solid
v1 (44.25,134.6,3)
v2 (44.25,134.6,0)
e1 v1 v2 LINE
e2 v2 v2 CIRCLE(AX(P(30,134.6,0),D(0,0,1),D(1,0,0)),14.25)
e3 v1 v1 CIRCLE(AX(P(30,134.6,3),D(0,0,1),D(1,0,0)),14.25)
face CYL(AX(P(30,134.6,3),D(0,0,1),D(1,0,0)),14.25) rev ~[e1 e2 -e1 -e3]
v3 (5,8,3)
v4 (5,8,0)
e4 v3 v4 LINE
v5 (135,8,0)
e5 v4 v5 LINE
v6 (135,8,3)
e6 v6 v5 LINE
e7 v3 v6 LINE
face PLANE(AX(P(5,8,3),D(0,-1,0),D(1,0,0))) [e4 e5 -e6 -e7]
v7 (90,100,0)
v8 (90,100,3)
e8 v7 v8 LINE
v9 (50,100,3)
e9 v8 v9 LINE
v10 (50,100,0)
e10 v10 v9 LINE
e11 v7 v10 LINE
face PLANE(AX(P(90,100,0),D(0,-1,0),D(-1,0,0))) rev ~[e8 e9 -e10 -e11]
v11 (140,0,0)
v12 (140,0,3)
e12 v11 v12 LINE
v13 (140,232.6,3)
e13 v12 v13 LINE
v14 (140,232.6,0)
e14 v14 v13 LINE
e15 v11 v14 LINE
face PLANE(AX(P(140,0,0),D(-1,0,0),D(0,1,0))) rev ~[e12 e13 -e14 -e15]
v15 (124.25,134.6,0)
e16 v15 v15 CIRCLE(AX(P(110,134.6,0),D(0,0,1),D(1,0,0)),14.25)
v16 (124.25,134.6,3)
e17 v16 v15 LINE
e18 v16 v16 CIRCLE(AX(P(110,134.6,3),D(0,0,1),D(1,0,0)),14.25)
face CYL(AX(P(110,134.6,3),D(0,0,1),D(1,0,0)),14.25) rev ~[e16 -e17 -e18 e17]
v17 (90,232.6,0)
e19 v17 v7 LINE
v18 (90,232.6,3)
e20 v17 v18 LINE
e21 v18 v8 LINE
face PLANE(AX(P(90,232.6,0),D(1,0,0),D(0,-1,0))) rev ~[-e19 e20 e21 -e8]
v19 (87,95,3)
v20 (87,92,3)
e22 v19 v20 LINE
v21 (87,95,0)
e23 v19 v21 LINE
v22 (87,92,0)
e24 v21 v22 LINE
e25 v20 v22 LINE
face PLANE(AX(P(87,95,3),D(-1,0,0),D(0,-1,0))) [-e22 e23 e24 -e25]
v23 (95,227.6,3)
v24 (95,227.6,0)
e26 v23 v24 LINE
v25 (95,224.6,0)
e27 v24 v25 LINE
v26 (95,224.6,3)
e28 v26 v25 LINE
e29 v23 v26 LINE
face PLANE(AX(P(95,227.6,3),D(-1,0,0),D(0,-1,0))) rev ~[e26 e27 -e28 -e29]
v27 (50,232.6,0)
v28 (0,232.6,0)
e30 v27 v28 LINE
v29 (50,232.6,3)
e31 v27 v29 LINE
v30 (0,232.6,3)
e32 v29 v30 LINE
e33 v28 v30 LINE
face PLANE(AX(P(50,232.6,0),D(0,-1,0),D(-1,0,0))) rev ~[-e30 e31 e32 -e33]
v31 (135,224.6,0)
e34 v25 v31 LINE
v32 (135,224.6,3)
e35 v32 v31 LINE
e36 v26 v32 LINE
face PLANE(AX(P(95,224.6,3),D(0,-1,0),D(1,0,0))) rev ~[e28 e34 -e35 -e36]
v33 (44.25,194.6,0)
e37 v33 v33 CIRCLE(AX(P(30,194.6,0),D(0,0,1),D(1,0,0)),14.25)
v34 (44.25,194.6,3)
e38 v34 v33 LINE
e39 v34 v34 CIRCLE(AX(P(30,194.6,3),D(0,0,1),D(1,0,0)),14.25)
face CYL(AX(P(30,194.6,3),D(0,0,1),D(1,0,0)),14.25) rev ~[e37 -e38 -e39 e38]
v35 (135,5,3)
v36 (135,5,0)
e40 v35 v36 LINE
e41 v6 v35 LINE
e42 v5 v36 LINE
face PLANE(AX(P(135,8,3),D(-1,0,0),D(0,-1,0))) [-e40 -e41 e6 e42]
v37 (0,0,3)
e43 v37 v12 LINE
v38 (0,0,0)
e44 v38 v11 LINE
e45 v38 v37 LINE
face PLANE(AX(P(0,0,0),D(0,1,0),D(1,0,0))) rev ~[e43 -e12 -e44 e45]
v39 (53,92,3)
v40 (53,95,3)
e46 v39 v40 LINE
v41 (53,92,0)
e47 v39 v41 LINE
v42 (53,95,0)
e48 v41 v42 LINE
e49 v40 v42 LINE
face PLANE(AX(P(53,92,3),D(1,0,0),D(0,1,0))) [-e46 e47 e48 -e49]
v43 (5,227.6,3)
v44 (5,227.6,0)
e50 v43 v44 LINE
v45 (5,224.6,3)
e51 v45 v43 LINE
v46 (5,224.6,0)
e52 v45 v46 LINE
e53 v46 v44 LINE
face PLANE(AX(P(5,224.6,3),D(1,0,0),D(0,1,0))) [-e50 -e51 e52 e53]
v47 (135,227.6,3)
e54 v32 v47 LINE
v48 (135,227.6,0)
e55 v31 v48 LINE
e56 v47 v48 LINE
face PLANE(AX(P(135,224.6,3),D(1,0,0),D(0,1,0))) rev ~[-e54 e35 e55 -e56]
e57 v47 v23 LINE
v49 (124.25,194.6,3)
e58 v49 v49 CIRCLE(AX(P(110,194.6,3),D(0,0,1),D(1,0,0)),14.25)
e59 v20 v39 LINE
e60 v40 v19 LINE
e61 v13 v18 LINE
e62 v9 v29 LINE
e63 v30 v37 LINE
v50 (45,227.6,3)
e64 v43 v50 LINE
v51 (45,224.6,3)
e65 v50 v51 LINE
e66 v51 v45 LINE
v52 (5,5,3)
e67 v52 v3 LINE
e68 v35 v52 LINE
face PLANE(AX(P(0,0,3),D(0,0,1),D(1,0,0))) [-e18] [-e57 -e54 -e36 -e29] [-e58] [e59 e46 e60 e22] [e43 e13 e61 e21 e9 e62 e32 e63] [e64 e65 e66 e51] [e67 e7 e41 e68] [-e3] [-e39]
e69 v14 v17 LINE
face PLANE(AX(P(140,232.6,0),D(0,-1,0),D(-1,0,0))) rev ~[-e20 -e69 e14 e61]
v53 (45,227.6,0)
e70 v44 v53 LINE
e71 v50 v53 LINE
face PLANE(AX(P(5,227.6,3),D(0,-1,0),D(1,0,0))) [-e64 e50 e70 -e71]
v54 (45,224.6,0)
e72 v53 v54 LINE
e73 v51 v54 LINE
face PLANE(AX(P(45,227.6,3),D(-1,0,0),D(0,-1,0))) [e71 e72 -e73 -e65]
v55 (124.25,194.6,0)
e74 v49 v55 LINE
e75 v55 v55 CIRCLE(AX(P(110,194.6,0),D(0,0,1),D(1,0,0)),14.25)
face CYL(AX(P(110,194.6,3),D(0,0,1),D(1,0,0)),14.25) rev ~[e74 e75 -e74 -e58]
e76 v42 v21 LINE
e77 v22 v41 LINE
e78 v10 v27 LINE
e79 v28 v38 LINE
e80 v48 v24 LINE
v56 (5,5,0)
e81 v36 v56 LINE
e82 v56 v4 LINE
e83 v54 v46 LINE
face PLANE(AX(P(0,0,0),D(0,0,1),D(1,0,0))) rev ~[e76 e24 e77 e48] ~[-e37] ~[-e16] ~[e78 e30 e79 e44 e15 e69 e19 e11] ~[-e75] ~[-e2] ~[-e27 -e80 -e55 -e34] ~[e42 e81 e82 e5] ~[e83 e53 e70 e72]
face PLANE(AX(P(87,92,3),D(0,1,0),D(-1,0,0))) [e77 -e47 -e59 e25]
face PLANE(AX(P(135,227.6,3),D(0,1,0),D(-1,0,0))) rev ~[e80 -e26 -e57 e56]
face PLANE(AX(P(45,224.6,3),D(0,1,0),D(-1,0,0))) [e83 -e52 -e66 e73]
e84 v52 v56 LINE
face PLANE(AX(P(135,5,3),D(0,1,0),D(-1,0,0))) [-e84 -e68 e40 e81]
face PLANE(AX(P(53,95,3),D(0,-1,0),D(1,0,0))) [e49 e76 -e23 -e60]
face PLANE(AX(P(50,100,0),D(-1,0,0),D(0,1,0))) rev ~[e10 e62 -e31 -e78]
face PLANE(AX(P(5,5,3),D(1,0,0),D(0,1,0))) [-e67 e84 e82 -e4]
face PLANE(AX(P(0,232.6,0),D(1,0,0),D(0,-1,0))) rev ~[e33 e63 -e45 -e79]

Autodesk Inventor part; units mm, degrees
ref_plane "YZ Plane" through (0, 0, 0) normal (1, 0, 0) x (0, 1, 0)
ref_plane "XZ Plane" through (0, 0, 0) normal (0, 1, 0) x (-1, 0, 0)
ref_plane "XY Plane" through (0, 0, 0) normal (0, 0, 1) x (1, 0, 0)
sketch "Sketch1" plane through (0, 0, 0) normal (0, 0, 1) x (1, 0, 0)
  line L0 (0, 0) -> (140, 0)
  line L1 (140, 0) -> (140, 232.6)
  line L2 (140, 232.6) -> (90, 232.6)
  line L3 (90, 232.6) -> (90, 100)
  line L4 (90, 100) -> (50, 100)
  line L5 (50, 100) -> (50, 232.6)
  line L6 (50, 232.6) -> (0, 232.6)
  line L7 (0, 232.6) -> (0, 0)
  line L8 (30, 232.6) -> (30, 0) construction
  line L9 (70, 100) -> (70, 0) construction
  circle A0 centre (30, 192.6) radius 14 construction
  circle A1 centre (30, 152.6) radius 14 construction
  dimension "d3" = 40
  dimension "d6" = 28
  dimension "d7" = 40
  dimension "d8" = 40
  dimension "d9" = 132.6
  dimension "d10" = 100
  dimension "d36" = 20
  dimension "d37" = 50
extrude "Extrusion1" add sketch "Sketch1" along normal blind 3
ref_plane "Work Plane1" through (115, 0, 0) normal (1, 0, 0) x (0, 0, -1)
sketch "Sketch2" plane through (0, 0, 3) normal (0, 0, 1) x (1, 0, 0)
  line L0 (50, 232.6) -> (0, 232.6) construction
  line L1 (30, 232.6) -> (30, 50) construction
  line L2 (90, 100) -> (50, 100) construction
  line L3 (70, 100) -> (70, 0) construction
  line L4 (0, 0) -> (140, 0) construction
  circle A0 centre (30, 194.6) radius 14.25
  circle A1 centre (30, 134.6) radius 14.25
  circle A2 centre (30, 202.6) radius 4.6 construction
  circle A3 centre (110, 194.6) radius 14.25
  circle A4 centre (110, 134.6) radius 14.25
  line L5 (50, 100) -> (50, 232.6) projected
  dimension "d13" = 28.5
  dimension "d14" = 9.2
  dimension "d15" = 8
  dimension "d16" = 60
  dimension "d33" = 30
  dimension "d38" = 20
extrude "Extrusion2" cut sketch "Sketch2" against normal blind 10
sketch "Sketch3" plane through (0, 0, 3) normal (0, 0, 1) x (1, 0, 0)
  line L0 (5, 227.6) -> (45, 227.6)
  line L1 (45, 227.6) -> (45, 224.6)
  line L2 (45, 224.6) -> (5, 224.6)
  line L3 (5, 224.6) -> (5, 227.6)
  line L4 (53, 95) -> (87, 95)
  line L5 (87, 95) -> (87, 92)
  line L6 (87, 92) -> (53, 92)
  line L7 (53, 92) -> (53, 95)
  line L8 (5, 8) -> (135, 8)
  line L9 (135, 8) -> (135, 5)
  line L10 (135, 5) -> (5, 5)
  line L11 (5, 5) -> (5, 8)
  circle A0 centre (110, 194.6) radius 14.25 projected
  circle A1 centre (30, 134.6) radius 14.25 projected
  circle A2 centre (110, 134.6) radius 14.25 projected
  circle A3 centre (30, 194.6) radius 14.25 projected
  line L12 (50, 100) -> (50, 232.6) projected
  line L13 (50, 232.6) -> (0, 232.6) projected
  line L14 (0, 232.6) -> (0, 0) projected
  line L15 (0, 0) -> (140, 0) projected
  line L16 (140, 0) -> (140, 232.6) projected
  line L17 (140, 232.6) -> (90, 232.6) projected
  line L18 (90, 232.6) -> (90, 100) projected
  line L19 (90, 100) -> (50, 100) projected
  line L20 (90, 100) -> (50, 100) construction
  line L21 (70, 100) -> (70, 0) construction
  line L22 (0, 0) -> (140, 0) construction
  line L23 (135, 227.6) -> (95, 227.6)
  line L24 (95, 227.6) -> (95, 224.6)
  line L25 (95, 224.6) -> (135, 224.6)
  line L26 (135, 224.6) -> (135, 227.6)
  dimension "d20" = 5
  dimension "d21" = 5
  dimension "d22" = 5
  dimension "d23" = 3
  dimension "d24" = 5
  dimension "d25" = 3
  dimension "d26" = 3
  dimension "d27" = 3
  dimension "d28" = 5
  dimension "d29" = 3
  dimension "d30" = 5
extrude "Extrusion3" cut sketch "Sketch3" against normal blind 10 contours L0 L1 L2 L3 | L4 L5 L6 L7 | L8 L9 L10 L11 | L26 L25 L24 L23
ref_plane "Work Plane2" through (70, 0, 0) normal (1, 0, 0) x (0, 0, -1)
equation "\"d3\" = 0.5 * marshdistance"
equation "\"d9\" = sidewallL"
equation "\"d10\" = Uthick"
equation "\"d36\" = 0.5 * Utip"
equation "\"d16\" = marshmarshD"
equation "\"d33\" = marshedgeD"
equation "\"d38\" = 0.5 * Utip"
equation "\"thick\" = 0.5"
equation "\"lrlr\" = 19"
equation "\"lrmid\" = 19.9"
equation "\"lrdepth\" = 3.3"
equation "\"mlr\" = 16.6"
equation "\"mmid\" = 24.7"
equation "\"mdepth\" = 4.5"
equation "\"lrltotal\" = 126.6"
equation "\"mltotal\" = 126.6"
equation "\"lrbetween\" = 52.1"
equation "\"mbetween\" = 49.5"
equation "\"toler\" = 1"
equation "\"tight\" = 0.08"
equation "\"stuckw\" = 6"
equation "\"sidewallL\" = 132.6"
equation "\"heaterH\" = 117.3"
equation "\"Uthick\" = 100"
equation "\"marshmarshD\" = 60"
equation "\"marshedgeD\" = 30"
equation "\"stickL\" = 3.5"
equation "\"wireH\" = 25"
equation "\"marshdistance\" = 80"
equation "\"Utip\" = 40"
properties part number "Ushape_bottom"
